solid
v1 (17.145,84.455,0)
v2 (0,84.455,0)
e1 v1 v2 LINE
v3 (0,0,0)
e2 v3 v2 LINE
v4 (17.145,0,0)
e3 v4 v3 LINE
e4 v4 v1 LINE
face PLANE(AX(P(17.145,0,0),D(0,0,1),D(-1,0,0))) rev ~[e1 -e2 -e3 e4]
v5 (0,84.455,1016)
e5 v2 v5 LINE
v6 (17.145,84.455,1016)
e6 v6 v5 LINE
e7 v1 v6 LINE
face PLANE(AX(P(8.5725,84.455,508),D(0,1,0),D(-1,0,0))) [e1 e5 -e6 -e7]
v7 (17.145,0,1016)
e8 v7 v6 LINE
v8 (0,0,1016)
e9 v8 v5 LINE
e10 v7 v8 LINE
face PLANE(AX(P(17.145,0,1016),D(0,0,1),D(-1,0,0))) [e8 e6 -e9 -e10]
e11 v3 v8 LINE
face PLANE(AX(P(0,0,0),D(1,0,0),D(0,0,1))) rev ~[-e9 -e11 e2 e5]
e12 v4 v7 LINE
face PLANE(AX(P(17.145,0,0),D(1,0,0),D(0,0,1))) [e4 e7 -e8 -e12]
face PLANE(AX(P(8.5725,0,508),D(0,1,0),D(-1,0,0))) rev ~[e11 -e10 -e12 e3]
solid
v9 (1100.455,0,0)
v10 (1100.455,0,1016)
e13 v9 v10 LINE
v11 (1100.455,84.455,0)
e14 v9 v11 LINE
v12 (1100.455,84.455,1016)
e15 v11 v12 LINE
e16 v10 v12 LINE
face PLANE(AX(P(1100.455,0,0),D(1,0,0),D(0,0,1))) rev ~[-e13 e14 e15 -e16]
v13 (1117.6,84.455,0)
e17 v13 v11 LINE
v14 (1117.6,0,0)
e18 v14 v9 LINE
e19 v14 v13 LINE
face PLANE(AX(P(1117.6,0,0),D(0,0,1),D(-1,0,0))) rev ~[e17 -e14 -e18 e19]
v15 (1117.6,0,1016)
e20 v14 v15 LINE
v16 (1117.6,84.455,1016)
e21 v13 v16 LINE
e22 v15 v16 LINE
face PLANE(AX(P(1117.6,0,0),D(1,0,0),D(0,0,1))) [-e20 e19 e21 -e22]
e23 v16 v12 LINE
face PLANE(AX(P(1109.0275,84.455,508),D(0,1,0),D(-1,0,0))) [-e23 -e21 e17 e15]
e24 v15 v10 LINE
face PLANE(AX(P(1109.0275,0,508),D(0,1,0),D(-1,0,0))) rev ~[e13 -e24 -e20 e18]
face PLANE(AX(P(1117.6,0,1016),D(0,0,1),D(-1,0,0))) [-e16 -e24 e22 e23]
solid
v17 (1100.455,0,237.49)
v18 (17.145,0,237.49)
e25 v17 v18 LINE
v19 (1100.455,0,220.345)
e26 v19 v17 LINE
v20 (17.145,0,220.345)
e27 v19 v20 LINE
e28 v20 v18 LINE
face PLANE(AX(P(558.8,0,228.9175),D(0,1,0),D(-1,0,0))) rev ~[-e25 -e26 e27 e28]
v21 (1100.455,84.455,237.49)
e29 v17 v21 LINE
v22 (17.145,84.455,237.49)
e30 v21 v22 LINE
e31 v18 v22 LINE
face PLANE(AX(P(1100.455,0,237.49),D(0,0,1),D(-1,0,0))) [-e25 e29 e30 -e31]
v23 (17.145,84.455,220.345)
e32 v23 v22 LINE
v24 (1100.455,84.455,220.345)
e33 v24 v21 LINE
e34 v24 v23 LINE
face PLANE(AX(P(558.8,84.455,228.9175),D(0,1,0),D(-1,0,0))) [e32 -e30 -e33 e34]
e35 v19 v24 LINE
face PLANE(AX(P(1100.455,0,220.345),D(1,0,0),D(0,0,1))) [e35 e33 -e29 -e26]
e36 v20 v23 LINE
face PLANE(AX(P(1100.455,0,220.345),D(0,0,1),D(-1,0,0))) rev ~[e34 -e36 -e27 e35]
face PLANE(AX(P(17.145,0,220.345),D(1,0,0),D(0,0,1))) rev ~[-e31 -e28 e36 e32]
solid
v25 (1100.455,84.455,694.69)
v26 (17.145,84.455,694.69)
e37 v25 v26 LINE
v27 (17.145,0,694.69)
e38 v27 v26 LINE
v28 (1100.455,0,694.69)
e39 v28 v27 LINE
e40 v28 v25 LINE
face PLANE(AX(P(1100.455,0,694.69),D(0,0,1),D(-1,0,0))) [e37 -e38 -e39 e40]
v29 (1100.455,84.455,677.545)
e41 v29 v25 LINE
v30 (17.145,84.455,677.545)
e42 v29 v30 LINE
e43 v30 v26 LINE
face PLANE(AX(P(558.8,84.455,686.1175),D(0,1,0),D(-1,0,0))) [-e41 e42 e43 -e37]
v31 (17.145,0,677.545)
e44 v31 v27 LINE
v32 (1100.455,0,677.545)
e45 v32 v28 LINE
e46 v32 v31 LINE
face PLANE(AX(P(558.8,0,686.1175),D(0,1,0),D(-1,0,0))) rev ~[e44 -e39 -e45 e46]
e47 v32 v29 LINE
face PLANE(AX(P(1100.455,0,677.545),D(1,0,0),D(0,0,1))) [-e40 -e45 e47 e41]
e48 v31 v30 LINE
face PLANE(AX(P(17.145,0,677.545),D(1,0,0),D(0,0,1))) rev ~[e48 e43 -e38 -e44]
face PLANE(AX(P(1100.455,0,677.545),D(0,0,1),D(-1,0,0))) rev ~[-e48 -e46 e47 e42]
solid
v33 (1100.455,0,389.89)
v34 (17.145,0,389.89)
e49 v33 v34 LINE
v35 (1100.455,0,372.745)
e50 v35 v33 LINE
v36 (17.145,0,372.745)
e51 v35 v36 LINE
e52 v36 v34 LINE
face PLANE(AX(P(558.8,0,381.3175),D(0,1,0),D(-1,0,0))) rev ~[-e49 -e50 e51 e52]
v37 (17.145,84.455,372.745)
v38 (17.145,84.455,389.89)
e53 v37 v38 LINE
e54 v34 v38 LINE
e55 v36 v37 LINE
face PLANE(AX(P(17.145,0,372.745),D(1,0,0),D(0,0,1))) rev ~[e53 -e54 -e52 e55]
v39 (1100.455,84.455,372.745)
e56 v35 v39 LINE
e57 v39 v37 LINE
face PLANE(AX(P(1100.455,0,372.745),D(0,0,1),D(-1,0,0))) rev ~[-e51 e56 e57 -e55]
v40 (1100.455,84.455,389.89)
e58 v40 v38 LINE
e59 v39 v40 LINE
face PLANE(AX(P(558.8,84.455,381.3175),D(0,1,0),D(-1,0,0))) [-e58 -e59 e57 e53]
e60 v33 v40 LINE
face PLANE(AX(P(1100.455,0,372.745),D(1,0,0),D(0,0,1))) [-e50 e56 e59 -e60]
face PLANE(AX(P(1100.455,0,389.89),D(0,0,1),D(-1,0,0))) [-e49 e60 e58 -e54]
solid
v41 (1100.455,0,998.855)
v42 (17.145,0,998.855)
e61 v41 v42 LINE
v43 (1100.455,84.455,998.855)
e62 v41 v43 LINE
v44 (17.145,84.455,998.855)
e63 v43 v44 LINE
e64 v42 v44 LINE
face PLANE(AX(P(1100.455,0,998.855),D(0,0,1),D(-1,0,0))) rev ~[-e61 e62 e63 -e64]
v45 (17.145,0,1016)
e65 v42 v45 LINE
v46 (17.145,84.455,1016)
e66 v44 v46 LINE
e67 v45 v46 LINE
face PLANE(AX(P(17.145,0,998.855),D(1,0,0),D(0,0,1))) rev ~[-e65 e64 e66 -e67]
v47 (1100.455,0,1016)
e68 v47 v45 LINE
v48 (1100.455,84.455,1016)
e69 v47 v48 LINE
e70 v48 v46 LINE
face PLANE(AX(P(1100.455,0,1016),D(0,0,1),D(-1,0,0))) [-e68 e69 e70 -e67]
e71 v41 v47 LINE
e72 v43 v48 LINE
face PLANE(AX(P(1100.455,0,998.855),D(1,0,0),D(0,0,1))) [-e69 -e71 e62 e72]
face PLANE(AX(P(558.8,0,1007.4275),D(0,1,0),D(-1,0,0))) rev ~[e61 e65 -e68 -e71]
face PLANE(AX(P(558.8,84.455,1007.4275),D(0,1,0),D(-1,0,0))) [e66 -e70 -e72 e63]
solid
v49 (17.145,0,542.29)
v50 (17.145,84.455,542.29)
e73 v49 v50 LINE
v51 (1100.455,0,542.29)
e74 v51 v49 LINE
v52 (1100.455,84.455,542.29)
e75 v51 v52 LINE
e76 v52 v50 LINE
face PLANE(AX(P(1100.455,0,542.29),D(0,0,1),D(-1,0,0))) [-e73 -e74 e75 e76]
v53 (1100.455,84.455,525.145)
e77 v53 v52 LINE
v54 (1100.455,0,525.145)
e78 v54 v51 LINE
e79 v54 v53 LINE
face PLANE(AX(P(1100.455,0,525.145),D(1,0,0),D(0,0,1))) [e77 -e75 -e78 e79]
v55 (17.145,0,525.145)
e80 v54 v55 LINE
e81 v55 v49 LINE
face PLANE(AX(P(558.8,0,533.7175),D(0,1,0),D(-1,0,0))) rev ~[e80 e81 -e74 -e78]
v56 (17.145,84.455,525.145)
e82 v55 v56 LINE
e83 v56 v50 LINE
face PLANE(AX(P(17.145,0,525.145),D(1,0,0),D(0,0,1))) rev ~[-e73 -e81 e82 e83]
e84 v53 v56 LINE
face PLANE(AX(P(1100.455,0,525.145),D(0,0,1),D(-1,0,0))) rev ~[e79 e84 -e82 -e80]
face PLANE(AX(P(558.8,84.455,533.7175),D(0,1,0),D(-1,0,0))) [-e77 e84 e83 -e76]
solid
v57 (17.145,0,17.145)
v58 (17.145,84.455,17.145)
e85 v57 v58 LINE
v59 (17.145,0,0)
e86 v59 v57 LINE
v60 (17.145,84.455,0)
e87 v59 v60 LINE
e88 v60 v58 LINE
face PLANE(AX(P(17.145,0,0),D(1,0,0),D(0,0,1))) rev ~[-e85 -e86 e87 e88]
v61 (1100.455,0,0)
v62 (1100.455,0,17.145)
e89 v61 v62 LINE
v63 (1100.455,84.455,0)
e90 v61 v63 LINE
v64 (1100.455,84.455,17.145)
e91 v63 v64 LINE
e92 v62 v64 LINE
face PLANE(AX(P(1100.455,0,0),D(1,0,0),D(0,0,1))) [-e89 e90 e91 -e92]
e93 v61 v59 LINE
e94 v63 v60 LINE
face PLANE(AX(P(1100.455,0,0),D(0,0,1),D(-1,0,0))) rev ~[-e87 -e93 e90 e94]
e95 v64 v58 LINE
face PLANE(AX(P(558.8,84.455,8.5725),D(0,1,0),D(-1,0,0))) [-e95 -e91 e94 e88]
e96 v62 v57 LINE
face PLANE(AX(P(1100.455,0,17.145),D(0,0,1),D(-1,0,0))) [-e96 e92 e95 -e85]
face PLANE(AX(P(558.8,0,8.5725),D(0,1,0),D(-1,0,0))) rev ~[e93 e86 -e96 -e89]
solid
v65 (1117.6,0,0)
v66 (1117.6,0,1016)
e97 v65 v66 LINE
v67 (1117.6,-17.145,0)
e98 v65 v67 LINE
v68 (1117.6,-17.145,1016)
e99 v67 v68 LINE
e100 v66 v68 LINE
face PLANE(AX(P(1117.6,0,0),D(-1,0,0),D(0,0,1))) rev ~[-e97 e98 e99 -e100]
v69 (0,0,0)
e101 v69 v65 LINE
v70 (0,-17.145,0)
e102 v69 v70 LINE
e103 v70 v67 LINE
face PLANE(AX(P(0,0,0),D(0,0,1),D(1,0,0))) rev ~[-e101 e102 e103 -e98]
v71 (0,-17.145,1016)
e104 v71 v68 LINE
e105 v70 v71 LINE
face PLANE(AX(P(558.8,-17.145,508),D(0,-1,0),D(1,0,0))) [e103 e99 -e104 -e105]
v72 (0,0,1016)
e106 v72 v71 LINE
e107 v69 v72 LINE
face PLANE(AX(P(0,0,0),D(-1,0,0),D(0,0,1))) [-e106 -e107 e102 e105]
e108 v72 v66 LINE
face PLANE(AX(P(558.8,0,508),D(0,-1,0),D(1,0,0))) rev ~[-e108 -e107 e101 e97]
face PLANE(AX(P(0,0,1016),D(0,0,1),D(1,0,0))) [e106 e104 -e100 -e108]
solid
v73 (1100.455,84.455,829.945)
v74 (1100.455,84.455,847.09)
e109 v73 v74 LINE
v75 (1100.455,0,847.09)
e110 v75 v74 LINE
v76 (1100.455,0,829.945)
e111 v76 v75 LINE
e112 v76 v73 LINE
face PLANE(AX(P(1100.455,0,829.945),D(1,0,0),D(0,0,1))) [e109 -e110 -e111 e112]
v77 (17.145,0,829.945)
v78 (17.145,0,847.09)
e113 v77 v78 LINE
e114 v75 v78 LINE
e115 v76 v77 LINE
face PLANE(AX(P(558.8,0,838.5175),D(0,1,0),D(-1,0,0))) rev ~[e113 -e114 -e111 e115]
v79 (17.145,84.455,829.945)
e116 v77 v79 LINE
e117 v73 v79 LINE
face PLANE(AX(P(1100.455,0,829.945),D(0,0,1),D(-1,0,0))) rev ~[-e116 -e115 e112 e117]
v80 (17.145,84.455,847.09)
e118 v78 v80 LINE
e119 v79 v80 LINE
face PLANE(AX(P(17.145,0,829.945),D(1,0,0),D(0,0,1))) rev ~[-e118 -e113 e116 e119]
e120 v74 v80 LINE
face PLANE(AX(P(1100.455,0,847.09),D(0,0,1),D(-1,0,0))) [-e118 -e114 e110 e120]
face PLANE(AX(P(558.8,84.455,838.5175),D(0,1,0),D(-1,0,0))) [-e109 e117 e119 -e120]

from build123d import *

# Parameters (mm, degrees)
F0_W     = 1117.6
F0_H     = 1016
F1_DEPTH = 17.145
F2_W     = 17.145
F2_H     = 1016
F3_DEPTH = 84.455
F4_W     = 17.145
F4_H     = 1016
F5_DEPTH = 84.455
F6_W     = 1083.31
F6_H     = 17.145
F7_DEPTH = 84.455
F8_W     = 1083.31
F8_H     = 17.145
F9_DEPTH = 84.455


with BuildPart() as f1:
    # F0 (on Front) → F1 (new body)
    with BuildSketch(Plane.XZ):
        with Locations((558.8, 508)):
            Rectangle(F0_W, F0_H)
    extrude(amount=F1_DEPTH)


with BuildPart() as f3:
    # F2 (on face) → F3 (new body)
    with BuildSketch(Plane(origin=(0, 0, 0), x_dir=(-1, 0, 0), z_dir=(0, 1, 0))):
        with Locations((-8.5725, 508)):
            Rectangle(F2_W, F2_H)
    extrude(amount=F3_DEPTH)


with BuildPart() as f5:
    # F4 (on face) → F5 (new body)
    with BuildSketch(Plane(origin=(0, 0, 0), x_dir=(-1, 0, 0), z_dir=(0, 1, 0))):
        with Locations((-1109.0275, 508)):
            Rectangle(F4_W, F4_H)
    extrude(amount=F5_DEPTH)


with BuildPart() as f7:
    # F6 (on face) → F7 (new body)
    with BuildSketch(Plane(origin=(0, 0, 0), x_dir=(-1, 0, 0), z_dir=(0, 1, 0))):
        with Locations((-558.8, 1007.4275)):
            Rectangle(F6_W, F6_H)
        with Locations((-558.8, 8.5725)):
            Rectangle(F6_W, F6_H)
    extrude(amount=F7_DEPTH)


with BuildPart() as f9:
    # F8 (on face) → F9 (new body)
    with BuildSketch(Plane(origin=(0, 0, 0), x_dir=(-1, 0, 0), z_dir=(0, 1, 0))):
        with Locations((-558.8, 228.9175)):
            Rectangle(F8_W, F8_H)
        with Locations((-558.8, 381.3175)):
            Rectangle(F8_W, F8_H)
        with Locations((-558.8, 533.7175)):
            Rectangle(F8_W, F8_H)
        with Locations((-558.8, 686.1175)):
            Rectangle(F8_W, F8_H)
        with Locations((-558.8, 838.5175)):
            Rectangle(F8_W, F8_H)
    extrude(amount=F9_DEPTH)


solid = Compound([f1.part, f3.part, f5.part, f7.part, f9.part])
